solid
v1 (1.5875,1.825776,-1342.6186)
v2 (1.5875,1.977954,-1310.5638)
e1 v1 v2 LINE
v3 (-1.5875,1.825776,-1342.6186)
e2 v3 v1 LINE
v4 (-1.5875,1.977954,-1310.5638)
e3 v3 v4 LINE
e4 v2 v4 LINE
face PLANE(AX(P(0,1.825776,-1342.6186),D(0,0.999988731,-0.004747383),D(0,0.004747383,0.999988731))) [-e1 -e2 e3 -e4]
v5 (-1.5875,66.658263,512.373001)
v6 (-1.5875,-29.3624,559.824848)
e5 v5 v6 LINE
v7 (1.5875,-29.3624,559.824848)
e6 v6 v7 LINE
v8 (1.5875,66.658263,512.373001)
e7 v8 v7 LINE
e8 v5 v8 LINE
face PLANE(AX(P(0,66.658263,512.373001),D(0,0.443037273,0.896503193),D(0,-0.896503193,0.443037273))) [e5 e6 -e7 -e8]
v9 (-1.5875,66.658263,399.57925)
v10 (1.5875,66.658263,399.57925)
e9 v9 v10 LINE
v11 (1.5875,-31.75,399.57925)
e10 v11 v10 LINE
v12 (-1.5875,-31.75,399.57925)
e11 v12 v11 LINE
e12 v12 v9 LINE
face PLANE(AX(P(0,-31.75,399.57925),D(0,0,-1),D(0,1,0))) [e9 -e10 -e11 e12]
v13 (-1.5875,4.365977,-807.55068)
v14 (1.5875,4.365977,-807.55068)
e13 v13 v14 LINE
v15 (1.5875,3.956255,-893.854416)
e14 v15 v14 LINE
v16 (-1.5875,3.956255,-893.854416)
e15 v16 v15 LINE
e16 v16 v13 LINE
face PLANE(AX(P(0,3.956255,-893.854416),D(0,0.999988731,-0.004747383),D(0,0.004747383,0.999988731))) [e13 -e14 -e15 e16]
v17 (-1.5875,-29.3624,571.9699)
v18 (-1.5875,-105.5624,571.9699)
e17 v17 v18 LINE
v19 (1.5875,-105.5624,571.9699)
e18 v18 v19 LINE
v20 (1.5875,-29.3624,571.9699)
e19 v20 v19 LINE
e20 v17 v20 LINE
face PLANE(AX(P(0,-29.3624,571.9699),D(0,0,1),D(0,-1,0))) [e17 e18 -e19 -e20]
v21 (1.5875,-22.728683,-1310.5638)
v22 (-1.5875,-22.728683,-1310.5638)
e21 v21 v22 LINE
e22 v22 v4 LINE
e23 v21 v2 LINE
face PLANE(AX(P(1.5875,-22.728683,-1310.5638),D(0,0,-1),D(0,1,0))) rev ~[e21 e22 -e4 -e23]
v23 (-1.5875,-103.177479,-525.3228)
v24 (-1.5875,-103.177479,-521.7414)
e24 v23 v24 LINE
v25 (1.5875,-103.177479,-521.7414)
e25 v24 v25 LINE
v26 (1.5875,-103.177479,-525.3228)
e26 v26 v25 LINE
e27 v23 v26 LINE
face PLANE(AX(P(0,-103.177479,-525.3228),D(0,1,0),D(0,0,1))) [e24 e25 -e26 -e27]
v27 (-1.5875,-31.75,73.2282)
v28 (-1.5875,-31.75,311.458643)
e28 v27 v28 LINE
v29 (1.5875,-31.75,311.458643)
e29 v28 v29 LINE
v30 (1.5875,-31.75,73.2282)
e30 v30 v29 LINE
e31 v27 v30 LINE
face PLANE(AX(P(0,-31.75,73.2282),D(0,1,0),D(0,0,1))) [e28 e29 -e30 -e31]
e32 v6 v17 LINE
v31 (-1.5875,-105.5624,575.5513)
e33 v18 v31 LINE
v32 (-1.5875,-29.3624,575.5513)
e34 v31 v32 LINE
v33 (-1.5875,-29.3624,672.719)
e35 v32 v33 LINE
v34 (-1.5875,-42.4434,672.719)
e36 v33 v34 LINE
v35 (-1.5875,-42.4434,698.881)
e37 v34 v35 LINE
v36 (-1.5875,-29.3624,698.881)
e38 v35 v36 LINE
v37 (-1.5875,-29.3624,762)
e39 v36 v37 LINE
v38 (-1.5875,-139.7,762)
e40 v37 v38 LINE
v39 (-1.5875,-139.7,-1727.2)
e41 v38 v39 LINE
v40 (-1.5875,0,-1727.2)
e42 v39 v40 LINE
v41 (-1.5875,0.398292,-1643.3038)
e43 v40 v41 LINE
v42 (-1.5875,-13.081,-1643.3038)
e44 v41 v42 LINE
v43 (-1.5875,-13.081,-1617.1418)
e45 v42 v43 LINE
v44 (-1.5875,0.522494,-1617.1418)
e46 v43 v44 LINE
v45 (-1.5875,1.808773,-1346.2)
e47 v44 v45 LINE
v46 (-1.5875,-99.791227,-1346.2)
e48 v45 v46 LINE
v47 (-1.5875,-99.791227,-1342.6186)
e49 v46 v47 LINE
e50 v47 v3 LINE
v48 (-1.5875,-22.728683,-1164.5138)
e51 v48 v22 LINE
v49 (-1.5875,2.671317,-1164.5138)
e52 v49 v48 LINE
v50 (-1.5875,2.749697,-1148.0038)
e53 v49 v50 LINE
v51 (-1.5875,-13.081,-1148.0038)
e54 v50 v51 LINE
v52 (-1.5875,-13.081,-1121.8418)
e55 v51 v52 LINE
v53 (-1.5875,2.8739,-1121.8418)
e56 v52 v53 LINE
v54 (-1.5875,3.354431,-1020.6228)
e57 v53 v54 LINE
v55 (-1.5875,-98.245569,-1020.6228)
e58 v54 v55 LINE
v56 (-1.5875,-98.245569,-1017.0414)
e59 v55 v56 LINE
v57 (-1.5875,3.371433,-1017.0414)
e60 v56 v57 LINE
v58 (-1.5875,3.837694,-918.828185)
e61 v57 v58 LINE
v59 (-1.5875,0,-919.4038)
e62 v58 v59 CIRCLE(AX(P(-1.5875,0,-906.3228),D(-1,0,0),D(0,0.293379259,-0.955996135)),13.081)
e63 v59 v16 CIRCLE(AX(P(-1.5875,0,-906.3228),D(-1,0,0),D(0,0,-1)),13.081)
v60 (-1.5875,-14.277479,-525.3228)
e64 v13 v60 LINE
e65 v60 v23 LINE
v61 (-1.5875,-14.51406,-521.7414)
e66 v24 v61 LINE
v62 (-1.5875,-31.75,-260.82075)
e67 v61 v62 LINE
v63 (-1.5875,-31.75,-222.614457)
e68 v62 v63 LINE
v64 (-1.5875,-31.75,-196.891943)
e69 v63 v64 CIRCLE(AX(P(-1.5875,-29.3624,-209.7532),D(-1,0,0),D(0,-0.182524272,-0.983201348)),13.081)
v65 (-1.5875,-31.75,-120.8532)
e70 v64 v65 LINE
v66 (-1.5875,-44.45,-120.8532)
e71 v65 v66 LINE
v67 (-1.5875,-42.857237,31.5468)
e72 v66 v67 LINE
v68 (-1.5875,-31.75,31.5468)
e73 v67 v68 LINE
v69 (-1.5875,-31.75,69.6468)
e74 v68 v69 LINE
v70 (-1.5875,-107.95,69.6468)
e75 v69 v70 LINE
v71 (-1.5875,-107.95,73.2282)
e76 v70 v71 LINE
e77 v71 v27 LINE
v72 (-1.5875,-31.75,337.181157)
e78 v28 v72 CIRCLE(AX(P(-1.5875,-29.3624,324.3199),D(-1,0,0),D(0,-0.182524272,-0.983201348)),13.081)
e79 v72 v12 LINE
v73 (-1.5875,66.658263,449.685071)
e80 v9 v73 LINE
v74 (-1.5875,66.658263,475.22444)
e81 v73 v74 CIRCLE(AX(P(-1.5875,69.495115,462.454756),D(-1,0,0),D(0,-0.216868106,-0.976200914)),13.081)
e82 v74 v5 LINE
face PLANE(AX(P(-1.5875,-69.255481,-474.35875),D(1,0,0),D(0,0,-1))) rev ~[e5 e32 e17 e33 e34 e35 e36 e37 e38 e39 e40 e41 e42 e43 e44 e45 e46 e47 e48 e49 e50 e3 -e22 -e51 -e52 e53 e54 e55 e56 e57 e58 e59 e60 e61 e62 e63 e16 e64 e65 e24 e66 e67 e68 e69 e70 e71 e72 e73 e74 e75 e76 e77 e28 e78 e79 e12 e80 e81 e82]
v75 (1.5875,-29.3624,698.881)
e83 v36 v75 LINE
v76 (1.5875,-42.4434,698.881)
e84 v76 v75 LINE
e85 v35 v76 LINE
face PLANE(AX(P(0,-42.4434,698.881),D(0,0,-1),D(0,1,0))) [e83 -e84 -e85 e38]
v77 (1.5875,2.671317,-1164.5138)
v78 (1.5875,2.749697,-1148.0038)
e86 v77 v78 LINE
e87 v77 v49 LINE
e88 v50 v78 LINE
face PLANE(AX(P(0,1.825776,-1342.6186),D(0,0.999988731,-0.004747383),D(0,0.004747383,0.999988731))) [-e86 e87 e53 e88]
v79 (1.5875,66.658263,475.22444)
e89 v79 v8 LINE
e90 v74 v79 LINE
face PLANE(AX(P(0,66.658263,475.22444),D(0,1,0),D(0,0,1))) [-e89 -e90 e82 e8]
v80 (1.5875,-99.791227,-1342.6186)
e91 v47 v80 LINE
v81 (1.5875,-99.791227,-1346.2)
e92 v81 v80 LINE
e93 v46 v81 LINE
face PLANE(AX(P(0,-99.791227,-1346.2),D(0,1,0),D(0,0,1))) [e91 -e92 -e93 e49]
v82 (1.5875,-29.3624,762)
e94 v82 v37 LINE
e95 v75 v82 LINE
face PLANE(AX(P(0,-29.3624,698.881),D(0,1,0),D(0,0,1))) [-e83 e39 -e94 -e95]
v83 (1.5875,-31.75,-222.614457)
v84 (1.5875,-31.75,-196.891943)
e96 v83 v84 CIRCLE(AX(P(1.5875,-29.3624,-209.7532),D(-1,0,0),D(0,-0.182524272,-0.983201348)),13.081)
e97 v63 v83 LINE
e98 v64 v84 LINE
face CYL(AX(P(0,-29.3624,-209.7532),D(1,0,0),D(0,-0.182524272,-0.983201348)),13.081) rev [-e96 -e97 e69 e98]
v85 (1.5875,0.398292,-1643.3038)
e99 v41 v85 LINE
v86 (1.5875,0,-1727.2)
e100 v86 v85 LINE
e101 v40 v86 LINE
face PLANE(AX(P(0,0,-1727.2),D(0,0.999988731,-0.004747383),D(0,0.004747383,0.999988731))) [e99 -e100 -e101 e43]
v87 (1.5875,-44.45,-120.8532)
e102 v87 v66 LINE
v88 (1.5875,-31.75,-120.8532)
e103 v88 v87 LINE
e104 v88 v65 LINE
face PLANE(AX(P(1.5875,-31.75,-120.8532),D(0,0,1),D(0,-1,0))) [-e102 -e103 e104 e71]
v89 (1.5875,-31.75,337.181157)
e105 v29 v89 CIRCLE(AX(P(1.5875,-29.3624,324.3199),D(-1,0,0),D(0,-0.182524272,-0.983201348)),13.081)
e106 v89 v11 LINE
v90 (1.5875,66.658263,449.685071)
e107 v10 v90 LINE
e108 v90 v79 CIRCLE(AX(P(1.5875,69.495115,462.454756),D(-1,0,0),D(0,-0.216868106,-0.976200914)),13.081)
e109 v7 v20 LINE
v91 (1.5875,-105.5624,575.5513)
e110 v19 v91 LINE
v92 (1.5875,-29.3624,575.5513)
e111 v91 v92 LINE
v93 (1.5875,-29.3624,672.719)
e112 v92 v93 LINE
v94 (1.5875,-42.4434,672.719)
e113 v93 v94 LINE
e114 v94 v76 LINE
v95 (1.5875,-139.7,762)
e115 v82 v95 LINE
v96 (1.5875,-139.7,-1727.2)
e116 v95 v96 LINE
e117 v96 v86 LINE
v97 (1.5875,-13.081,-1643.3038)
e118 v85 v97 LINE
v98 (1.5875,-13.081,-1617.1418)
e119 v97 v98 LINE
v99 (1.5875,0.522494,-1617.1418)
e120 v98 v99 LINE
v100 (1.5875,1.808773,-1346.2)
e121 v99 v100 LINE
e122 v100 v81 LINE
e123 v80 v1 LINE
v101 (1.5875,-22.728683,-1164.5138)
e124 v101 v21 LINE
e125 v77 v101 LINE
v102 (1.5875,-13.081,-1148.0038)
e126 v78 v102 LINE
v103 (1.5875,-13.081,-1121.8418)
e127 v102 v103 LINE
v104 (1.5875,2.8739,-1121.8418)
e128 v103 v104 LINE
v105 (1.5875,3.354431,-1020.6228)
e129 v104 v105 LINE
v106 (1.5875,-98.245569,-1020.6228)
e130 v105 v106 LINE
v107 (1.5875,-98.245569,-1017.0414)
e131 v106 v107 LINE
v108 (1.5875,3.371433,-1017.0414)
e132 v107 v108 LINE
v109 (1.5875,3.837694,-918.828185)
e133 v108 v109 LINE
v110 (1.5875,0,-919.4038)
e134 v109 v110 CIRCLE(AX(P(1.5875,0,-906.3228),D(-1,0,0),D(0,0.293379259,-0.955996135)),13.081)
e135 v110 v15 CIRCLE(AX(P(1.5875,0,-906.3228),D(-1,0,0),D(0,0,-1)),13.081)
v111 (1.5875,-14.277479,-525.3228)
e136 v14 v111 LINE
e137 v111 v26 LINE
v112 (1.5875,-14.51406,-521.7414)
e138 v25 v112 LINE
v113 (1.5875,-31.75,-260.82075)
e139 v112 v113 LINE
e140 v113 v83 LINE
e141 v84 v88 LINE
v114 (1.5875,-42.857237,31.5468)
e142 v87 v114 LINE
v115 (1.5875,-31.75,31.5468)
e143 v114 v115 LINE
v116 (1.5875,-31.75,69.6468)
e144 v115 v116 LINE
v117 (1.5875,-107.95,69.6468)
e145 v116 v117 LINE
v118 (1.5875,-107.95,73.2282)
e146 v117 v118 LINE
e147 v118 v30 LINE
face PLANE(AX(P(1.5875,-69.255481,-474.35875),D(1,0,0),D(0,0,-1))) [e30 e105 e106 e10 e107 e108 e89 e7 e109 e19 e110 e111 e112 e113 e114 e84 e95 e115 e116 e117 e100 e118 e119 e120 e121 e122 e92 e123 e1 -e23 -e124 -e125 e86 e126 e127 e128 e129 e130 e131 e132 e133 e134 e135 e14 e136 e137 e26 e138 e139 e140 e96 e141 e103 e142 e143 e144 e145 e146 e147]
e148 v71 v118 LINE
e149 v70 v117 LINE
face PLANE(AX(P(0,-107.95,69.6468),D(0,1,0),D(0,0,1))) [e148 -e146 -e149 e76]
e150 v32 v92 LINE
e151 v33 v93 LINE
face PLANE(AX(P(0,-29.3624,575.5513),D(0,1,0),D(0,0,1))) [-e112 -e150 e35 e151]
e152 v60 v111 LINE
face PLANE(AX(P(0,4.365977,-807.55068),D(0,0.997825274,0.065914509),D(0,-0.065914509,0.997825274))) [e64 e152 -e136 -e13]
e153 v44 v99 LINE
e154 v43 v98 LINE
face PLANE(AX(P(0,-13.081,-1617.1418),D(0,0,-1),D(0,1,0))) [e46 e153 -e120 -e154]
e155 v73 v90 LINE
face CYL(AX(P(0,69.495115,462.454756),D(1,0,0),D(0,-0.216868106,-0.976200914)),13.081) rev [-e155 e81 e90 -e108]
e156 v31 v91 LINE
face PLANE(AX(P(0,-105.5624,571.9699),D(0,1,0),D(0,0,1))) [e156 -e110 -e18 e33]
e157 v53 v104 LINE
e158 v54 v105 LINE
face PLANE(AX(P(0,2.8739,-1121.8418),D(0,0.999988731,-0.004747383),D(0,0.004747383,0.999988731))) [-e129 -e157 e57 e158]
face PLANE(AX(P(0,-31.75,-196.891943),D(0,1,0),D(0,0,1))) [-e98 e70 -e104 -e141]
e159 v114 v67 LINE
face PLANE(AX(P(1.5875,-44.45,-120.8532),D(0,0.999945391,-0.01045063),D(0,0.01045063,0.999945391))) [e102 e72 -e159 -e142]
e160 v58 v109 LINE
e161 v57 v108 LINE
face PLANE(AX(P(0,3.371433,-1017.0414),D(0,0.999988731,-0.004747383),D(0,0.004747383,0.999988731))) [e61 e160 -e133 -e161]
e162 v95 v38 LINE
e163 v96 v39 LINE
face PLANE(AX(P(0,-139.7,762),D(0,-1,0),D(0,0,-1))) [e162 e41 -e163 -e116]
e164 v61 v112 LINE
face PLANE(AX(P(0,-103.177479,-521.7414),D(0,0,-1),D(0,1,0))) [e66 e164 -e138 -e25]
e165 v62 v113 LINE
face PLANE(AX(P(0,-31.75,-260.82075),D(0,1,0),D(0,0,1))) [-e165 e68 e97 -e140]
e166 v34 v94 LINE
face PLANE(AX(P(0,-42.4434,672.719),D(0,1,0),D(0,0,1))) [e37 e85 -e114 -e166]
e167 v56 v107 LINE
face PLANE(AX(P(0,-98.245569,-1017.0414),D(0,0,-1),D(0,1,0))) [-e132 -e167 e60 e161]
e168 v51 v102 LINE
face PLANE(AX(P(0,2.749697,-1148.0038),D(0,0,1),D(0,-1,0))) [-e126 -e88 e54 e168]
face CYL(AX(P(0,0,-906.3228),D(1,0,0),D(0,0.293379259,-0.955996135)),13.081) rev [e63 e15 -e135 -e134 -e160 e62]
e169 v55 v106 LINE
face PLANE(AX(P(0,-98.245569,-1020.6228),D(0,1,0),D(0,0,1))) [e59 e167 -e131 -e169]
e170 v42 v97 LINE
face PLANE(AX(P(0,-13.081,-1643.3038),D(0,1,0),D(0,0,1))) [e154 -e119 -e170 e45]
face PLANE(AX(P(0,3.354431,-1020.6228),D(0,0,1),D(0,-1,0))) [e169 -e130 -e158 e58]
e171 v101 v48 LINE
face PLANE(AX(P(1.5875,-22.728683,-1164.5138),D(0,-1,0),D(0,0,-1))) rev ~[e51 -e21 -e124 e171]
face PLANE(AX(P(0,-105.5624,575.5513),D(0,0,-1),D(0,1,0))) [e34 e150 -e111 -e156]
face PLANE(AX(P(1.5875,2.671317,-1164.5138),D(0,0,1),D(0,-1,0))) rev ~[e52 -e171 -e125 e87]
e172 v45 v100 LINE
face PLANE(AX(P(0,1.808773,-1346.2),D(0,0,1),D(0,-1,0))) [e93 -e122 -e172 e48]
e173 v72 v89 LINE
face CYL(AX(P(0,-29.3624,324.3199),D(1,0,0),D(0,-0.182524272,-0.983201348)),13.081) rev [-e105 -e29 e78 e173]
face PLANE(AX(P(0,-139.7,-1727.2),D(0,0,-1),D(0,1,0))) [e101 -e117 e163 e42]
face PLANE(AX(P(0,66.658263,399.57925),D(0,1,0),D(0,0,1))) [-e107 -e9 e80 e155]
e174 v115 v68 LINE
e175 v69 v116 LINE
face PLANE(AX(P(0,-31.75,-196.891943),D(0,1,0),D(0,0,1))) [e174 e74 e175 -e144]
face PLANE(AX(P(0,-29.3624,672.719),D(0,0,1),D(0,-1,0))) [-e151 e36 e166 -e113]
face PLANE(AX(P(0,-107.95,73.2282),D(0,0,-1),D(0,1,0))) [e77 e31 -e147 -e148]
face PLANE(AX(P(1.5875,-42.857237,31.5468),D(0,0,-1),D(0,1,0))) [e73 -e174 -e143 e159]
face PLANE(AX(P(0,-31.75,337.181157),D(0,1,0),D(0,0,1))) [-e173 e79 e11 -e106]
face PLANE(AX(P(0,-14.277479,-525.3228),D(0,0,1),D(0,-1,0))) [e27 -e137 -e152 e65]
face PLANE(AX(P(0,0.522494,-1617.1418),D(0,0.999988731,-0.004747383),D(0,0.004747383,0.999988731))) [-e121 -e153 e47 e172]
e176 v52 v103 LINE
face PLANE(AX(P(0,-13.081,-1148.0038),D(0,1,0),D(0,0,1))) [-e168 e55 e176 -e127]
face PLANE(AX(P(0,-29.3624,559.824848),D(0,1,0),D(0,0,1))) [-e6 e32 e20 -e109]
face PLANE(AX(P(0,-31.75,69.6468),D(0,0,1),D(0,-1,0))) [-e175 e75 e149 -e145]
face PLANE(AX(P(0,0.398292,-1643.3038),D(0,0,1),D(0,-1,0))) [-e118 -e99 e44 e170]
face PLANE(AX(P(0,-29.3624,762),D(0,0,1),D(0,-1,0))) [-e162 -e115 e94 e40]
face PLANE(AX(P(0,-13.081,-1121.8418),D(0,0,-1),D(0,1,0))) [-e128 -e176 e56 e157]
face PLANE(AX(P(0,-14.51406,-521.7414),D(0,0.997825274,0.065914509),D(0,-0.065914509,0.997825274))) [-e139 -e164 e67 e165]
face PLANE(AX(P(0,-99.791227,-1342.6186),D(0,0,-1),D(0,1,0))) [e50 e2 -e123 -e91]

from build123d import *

# Parameters (mm, degrees)
BOSS_EXTRUDE1_DEPTH = 1.5875
CUT_EXTRUDE5_DEPTH  = 1733.843331241


with BuildPart() as part:
    # Sketch3 → Boss-Extrude1 (new, symmetric)
    with BuildSketch(Plane(origin=(0, 0, 0), x_dir=(0, 0, -1), z_dir=(1, 0, 0))):
        with BuildLine():
            Line((1727.2, -139.7), (1727.2, 0))
            Line((1727.2, 0), (1643.3038, 0.398291906))
            Line((1643.3038, 0.398291906), (1643.3038, -13.081))
            Line((1643.3038, -13.081), (1617.1418, -13.081))
            Line((1617.1418, -13.081), (1617.1418, 0.522494347))
            Line((1617.1418, 0.522494347), (1346.2, 1.808773415))
            Line((1346.2, 1.808773415), (1346.2, -99.791226585))
            Line((1346.2, -99.791226585), (1342.6186, -99.791226585))
            Line((1342.6186, -99.791226585), (1342.6186, 1.825775885))
            Line((1342.6186, 1.825775885), (1148.0038, 2.749697345))
            Line((1148.0038, 2.749697345), (1148.0038, -13.081))
            Line((1148.0038, -13.081), (1121.8418, -13.081))
            Line((1121.8418, -13.081), (1121.8418, 2.873899787))
            Line((1121.8418, 2.873899787), (1020.6228, 3.35443059))
            Line((1020.6228, 3.35443059), (1020.6228, -98.24556941))
            Line((1020.6228, -98.24556941), (1017.0414, -98.24556941))
            Line((1017.0414, -98.24556941), (1017.0414, 3.371433061))
            Line((1017.0414, 3.371433061), (918.828185443, 3.837694088))
            ThreePointArc((918.828185443, 3.837694088), (919.259095992, 1.94031106), (919.4038, 0))
            ThreePointArc((919.4038, 0), (904.32109725, -12.926938814), (893.85441584, 3.956255481))
            Line((893.85441584, 3.956255481), (807.550680013, 4.365977011))
            Line((807.550680013, 4.365977011), (525.3228, -14.277479423))
            Line((525.3228, -14.277479423), (525.3228, -103.177479423))
            Line((525.3228, -103.177479423), (521.7414, -103.177479423))
            Line((521.7414, -103.177479423), (521.7414, -14.514060143))
            Line((521.7414, -14.514060143), (260.820750269, -31.75))
            Line((260.820750269, -31.75), (222.61445683, -31.75))
            ThreePointArc((222.61445683, -31.75), (209.7532, -42.4434), (196.89194317, -31.75))
            Line((196.89194317, -31.75), (-69.6468, -31.75))
            Line((-69.6468, -31.75), (-69.6468, -107.95))
            Line((-69.6468, -107.95), (-73.2282, -107.95))
            Line((-73.2282, -107.95), (-73.2282, -31.75))
            Line((-73.2282, -31.75), (-311.45864317, -31.75))
            ThreePointArc((-311.45864317, -31.75), (-324.3199, -42.4434), (-337.18115683, -31.75))
            Line((-337.18115683, -31.75), (-399.579249731, -31.75))
            Line((-399.579249731, -31.75), (-399.579249731, 66.658263044))
            Line((-399.579249731, 66.658263044), (-449.685071474, 66.658263044))
            ThreePointArc((-449.685071474, 66.658263044), (-462.454755632, 56.414114736), (-475.224439789, 66.658263044))
            Line((-475.224439789, 66.658263044), (-512.373001058, 66.658263044))
            Line((-512.373001058, 66.658263044), (-559.824848458, -29.3624))
            Line((-559.824848458, -29.3624), (-571.9699, -29.3624))
            Line((-571.9699, -29.3624), (-571.9699, -105.5624))
            Line((-571.9699, -105.5624), (-575.5513, -105.5624))
            Line((-575.5513, -105.5624), (-575.5513, -29.3624))
            Line((-575.5513, -29.3624), (-672.719, -29.3624))
            Line((-672.719, -29.3624), (-672.719, -42.4434))
            Line((-672.719, -42.4434), (-698.881, -42.4434))
            Line((-698.881, -42.4434), (-698.881, -29.3624))
            Line((-698.881, -29.3624), (-762, -29.3624))
            Line((-762, -29.3624), (-762, -139.7))
            Line((-762, -139.7), (1727.2, -139.7))
        make_face()
    extrude(amount=BOSS_EXTRUDE1_DEPTH, both=True)

    # Sketch5 → Cut-Extrude5 (cut, through all)
    with BuildSketch(Plane(origin=(1.5875, 0, 0), x_dir=(0, 0, -1), z_dir=(1, 0, 0))):
        Polygon((1310.5638, -22.728682836), (1310.5638, 1.977954022), (1164.5138, 2.671317164), (1164.5138, -22.728682836), align=None)
        Polygon((120.8532, -44.45), (-31.5468, -42.857236965), (-31.5468, -31.75), (120.8532, -31.75), align=None)
    extrude(amount=-CUT_EXTRUDE5_DEPTH, mode=Mode.SUBTRACT)


solid = part.part
